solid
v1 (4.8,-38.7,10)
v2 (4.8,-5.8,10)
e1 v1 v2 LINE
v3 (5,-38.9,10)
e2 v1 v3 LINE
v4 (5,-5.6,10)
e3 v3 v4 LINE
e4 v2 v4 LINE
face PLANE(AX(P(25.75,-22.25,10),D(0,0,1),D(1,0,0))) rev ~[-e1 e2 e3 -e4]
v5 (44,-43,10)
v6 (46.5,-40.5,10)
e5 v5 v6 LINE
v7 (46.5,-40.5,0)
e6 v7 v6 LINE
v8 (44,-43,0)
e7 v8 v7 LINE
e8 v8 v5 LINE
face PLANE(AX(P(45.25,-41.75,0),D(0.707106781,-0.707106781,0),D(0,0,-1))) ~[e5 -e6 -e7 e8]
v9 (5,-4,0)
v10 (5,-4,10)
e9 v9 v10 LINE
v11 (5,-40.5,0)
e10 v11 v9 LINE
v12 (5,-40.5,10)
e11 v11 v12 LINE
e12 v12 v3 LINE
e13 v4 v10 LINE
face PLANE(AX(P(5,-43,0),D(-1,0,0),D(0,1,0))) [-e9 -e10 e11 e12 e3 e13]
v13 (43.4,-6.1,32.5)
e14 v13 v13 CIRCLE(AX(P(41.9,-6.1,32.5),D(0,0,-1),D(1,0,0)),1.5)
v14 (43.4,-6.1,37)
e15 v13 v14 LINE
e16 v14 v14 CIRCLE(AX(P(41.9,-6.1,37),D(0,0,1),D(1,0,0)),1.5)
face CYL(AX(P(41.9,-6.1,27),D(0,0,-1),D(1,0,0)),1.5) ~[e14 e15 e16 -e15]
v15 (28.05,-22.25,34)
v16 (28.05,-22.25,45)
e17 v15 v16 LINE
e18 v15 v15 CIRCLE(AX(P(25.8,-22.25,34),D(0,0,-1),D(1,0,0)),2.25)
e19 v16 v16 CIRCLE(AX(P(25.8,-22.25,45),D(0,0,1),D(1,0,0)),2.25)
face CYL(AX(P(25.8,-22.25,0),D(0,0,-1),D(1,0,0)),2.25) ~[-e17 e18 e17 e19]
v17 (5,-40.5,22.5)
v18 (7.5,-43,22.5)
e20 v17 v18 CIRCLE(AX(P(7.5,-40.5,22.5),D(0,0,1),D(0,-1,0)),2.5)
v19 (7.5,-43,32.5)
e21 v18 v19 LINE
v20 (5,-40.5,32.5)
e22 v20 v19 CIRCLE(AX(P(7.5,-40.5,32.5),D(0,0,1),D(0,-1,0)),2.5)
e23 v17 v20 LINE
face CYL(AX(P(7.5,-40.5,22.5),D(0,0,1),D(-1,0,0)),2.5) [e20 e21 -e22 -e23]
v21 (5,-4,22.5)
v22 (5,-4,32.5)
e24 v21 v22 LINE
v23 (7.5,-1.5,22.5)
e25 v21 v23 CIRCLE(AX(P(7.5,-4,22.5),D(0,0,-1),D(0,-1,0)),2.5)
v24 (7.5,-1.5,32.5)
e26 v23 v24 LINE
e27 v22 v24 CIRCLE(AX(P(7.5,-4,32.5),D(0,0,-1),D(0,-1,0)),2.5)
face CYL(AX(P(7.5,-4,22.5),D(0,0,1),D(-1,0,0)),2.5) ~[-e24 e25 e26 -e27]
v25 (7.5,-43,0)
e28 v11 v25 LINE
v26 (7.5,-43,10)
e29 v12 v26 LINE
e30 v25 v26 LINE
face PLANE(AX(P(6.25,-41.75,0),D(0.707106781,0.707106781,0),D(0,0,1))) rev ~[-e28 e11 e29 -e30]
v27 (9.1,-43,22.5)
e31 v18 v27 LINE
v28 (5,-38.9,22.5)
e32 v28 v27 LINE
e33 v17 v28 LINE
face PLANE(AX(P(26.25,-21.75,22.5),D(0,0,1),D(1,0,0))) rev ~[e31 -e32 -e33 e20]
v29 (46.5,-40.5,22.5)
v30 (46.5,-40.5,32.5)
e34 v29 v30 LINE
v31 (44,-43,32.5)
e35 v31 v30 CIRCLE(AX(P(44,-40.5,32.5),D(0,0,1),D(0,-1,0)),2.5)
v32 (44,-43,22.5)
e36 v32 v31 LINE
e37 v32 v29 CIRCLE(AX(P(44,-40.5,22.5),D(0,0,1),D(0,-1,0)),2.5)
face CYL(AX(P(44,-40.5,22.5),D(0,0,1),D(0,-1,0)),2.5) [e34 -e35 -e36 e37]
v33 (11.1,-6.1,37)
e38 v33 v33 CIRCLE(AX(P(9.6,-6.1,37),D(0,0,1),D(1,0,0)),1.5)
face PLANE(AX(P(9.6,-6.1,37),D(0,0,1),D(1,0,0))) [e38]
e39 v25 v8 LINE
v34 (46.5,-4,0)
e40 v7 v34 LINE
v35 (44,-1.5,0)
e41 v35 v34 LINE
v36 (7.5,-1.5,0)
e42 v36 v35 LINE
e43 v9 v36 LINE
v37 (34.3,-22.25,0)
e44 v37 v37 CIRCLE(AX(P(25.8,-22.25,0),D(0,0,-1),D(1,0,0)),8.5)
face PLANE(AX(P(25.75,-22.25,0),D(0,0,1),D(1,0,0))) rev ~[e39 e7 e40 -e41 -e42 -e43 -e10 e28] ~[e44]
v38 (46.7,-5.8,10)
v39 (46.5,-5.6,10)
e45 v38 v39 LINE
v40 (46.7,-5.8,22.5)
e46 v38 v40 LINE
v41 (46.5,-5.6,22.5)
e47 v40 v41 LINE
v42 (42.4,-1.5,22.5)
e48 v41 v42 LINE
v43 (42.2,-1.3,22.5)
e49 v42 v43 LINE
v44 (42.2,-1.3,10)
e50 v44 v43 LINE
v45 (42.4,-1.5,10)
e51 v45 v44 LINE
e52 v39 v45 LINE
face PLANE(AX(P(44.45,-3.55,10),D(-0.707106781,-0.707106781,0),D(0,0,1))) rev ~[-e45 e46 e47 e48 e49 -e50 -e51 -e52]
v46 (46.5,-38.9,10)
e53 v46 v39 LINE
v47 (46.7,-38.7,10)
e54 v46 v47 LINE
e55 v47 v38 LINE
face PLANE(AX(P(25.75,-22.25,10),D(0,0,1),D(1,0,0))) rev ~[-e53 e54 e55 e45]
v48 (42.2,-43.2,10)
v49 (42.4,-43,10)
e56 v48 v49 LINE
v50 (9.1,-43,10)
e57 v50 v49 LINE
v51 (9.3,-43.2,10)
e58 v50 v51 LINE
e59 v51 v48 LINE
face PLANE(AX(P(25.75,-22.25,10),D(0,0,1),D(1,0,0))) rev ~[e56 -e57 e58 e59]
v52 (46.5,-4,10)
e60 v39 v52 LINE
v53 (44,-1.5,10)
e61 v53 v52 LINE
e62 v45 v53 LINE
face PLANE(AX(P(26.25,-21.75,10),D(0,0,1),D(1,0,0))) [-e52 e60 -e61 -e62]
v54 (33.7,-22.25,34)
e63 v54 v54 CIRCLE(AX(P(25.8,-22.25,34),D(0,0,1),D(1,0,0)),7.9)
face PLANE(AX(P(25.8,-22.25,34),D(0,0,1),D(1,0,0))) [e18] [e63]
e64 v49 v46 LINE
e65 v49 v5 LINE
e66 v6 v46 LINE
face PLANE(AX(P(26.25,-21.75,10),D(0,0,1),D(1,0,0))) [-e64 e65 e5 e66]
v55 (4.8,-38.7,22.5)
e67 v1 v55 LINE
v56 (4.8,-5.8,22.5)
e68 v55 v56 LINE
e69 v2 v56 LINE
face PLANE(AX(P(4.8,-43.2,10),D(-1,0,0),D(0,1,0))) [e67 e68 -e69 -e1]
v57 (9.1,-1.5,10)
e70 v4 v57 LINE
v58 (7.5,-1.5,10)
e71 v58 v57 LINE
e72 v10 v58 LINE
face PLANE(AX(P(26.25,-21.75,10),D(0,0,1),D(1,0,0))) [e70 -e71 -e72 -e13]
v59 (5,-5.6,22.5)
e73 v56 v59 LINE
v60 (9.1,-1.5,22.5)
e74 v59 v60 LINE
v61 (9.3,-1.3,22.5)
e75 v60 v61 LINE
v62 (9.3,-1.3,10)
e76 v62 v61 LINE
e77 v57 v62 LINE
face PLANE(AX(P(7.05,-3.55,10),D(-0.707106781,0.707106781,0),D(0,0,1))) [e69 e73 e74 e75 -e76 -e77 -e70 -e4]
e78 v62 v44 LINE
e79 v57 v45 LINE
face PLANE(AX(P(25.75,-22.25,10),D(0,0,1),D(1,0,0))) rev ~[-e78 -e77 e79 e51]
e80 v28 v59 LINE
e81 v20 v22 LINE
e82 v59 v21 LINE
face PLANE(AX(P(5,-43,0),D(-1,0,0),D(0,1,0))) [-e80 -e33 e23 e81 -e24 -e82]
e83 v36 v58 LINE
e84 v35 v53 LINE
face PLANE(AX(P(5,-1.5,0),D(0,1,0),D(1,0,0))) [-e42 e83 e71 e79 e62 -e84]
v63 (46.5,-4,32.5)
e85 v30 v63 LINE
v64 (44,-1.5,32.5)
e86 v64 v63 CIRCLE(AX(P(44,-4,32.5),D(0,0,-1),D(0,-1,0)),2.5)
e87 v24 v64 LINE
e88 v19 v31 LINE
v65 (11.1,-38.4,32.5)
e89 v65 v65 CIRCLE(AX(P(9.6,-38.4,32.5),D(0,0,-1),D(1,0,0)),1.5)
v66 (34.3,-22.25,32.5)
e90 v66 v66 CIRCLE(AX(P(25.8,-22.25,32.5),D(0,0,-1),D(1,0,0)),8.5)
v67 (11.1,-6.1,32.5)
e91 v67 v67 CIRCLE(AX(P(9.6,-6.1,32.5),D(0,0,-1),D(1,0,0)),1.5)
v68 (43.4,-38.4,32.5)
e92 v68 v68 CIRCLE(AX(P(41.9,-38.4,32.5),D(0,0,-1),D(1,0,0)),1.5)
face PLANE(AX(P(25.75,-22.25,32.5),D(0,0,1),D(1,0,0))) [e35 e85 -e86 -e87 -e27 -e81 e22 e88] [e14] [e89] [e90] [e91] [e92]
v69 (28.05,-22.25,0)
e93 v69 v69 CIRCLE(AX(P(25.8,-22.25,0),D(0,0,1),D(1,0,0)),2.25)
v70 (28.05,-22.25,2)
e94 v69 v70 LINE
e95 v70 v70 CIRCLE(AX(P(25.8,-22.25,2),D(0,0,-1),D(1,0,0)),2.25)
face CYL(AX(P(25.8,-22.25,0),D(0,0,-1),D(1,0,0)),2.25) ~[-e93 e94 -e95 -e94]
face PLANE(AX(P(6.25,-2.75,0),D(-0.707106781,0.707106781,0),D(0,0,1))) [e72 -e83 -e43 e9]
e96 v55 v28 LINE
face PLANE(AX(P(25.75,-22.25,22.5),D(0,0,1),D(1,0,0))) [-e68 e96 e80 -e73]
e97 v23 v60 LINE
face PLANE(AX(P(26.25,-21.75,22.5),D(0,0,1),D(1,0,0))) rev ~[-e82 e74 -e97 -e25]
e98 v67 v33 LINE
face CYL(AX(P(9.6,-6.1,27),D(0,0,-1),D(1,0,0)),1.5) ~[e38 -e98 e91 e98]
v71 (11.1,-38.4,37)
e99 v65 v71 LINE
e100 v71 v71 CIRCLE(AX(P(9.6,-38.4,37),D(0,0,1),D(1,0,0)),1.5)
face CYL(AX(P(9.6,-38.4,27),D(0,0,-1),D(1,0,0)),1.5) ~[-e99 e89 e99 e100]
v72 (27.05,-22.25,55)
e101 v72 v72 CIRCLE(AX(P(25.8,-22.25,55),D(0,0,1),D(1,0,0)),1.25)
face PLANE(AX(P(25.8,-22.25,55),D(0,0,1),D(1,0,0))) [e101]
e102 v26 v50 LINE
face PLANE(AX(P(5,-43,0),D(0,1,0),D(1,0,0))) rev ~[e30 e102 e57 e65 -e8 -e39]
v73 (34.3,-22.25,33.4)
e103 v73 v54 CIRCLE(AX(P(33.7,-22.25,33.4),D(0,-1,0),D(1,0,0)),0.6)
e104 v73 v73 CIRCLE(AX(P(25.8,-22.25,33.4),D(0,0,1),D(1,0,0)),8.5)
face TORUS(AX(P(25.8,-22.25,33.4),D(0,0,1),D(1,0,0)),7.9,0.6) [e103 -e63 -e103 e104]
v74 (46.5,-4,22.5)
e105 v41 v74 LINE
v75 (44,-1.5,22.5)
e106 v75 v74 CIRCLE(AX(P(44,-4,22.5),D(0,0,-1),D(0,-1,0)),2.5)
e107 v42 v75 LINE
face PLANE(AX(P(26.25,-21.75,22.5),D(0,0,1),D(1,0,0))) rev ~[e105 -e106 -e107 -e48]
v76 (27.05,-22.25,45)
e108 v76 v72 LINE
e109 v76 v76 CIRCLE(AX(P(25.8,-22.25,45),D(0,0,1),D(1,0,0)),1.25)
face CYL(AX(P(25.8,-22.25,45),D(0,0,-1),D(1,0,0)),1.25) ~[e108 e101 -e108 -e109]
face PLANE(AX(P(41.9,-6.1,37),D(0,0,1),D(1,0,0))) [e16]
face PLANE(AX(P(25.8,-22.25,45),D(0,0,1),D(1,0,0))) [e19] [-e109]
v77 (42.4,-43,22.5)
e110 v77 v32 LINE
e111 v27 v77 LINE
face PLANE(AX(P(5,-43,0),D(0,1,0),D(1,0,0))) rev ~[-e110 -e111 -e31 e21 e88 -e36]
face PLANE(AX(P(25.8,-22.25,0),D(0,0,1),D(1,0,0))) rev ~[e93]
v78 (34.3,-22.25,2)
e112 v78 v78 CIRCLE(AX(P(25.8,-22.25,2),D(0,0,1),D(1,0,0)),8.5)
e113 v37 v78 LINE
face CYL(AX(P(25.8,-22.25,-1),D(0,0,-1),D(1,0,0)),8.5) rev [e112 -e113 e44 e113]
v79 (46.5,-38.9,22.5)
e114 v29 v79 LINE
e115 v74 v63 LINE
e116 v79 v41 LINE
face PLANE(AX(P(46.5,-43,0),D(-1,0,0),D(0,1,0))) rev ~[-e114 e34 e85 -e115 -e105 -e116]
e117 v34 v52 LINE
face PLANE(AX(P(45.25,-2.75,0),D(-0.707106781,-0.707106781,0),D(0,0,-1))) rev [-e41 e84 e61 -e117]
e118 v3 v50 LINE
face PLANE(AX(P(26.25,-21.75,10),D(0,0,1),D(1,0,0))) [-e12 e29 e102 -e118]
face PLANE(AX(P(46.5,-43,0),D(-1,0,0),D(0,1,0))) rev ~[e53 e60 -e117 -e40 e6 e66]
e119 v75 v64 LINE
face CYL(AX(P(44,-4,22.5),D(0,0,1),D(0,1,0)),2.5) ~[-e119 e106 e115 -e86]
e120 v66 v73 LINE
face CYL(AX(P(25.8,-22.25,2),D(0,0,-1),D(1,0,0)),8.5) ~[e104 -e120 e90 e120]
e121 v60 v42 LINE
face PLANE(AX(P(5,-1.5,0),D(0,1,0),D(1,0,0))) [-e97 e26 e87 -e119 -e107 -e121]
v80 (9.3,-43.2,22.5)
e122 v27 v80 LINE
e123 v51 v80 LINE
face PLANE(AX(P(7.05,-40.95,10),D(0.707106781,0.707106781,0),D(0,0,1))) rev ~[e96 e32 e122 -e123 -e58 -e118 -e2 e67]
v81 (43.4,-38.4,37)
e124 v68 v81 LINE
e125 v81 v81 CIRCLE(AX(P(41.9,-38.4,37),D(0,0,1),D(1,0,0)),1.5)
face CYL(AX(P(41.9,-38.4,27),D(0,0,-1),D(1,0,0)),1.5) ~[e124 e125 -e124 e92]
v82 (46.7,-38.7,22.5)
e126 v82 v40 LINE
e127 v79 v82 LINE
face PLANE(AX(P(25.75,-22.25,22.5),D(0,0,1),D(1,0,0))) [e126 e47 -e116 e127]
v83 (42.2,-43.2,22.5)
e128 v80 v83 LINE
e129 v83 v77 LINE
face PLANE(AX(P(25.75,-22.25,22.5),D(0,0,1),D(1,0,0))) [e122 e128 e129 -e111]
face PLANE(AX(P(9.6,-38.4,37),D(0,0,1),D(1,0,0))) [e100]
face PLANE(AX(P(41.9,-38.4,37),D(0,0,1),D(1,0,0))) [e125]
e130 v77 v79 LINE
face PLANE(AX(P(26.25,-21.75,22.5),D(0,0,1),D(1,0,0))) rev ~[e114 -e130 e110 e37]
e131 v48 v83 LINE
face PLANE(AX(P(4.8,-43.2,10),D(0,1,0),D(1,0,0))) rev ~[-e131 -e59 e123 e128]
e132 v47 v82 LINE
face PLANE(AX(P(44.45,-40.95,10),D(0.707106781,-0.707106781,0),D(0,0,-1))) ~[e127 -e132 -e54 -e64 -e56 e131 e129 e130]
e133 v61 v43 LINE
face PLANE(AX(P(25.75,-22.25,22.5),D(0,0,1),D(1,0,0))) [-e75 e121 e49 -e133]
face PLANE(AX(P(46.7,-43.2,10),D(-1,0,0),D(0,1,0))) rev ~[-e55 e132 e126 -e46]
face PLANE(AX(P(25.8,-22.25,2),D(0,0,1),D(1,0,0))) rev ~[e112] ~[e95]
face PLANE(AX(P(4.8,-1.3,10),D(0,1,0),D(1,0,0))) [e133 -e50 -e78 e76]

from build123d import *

# Parameters (mm, degrees)
CYLINDER018_R     = 1.5
CYLINDER018_DEPTH = 10
CYLINDER017_R     = 1.5
CYLINDER017_DEPTH = 10
CYLINDER019_R     = 1.5
CYLINDER019_DEPTH = 10
CYLINDER020_R     = 1.5
CYLINDER020_DEPTH = 10
CYLINDER014_R     = 8.5
CYLINDER014_DEPTH = 32
FILLET007_R       = 0.6
CYLINDER015_R     = 8.5
CYLINDER015_DEPTH = 3
BOX012_W          = 44.5
BOX012_H          = 44.5
BOX012_DEPTH      = 12.5
BOX011_W          = 41.5
BOX011_H          = 41.5
BOX011_DEPTH      = 32.5
FILLET006_R       = 2.5
CHAMFER005_SIZE   = 2.5
BOX013_W          = 41.9
BOX013_H          = 41.9
BOX013_DEPTH      = 12.5
CHAMFER006_SIZE   = 4.5
CYLINDER016_R     = 1.25
CYLINDER016_DEPTH = 10
CYLINDER013_R     = 2.25
CYLINDER013_DEPTH = 45


with BuildPart() as tornillo013:
    # Cylinder018 → Cylinder018 (new body)
    with BuildSketch(Plane(origin=(-50.4, -6.1, 27), x_dir=(1, 0, 0), z_dir=(0, 0, 1))):
        Circle(CYLINDER018_R)
    extrude(amount=CYLINDER018_DEPTH)


with BuildPart() as tornillo011:
    # Cylinder017 → Cylinder017 (new body)
    with BuildSketch(Plane(origin=(-18.1, -6.1, 27), x_dir=(1, 0, 0), z_dir=(0, 0, 1))):
        Circle(CYLINDER017_R)
    extrude(amount=CYLINDER017_DEPTH)


with BuildPart() as tornillo014:
    # Cylinder019 → Cylinder019 (new body)
    with BuildSketch(Plane(origin=(-50.4, -38.4, 27), x_dir=(1, 0, 0), z_dir=(0, 0, 1))):
        Circle(CYLINDER019_R)
    extrude(amount=CYLINDER019_DEPTH)


with BuildPart() as tornillo016:
    # Cylinder020 → Cylinder020 (new body)
    with BuildSketch(Plane(origin=(-18.1, -38.4, 27), x_dir=(1, 0, 0), z_dir=(0, 0, 1))):
        Circle(CYLINDER020_R)
    extrude(amount=CYLINDER020_DEPTH)


with BuildPart() as fillet007:
    # Cylinder014 → Cylinder014 (new body)
    with BuildSketch(Plane(origin=(-34.2, -22.25, 2), x_dir=(1, 0, 0), z_dir=(0, 0, 1))):
        Circle(CYLINDER014_R)
    extrude(amount=CYLINDER014_DEPTH)

    # Fillet007
    fillet007_edges = [fillet007.edges().sort_by_distance(p)[0] for p in [
        (-42.7, -22.25, 34),
    ]]
    fillet(fillet007_edges, radius=FILLET007_R)


with BuildPart() as cilindro040:
    # Cylinder015 → Cylinder015 (new body)
    with BuildSketch(Plane(origin=(-34.2, -22.25, -1), x_dir=(1, 0, 0), z_dir=(0, 0, 1))):
        Circle(CYLINDER015_R)
    extrude(amount=CYLINDER015_DEPTH)


with BuildPart() as cubo090:
    # Box012 → Box012 (new body)
    with BuildSketch(Plane(origin=(-56, -44, 10), x_dir=(1, 0, 0), z_dir=(0, 0, 1))):
        with Locations((22.25, 22.25)):
            Rectangle(BOX012_W, BOX012_H)
    extrude(amount=BOX012_DEPTH)


with BuildPart() as chamfer005:
    # Box011 → Box011 (new body)
    with BuildSketch(Plane(origin=(-55, -43, 0), x_dir=(1, 0, 0), z_dir=(0, 0, 1))):
        with Locations((20.75, 20.75)):
            Rectangle(BOX011_W, BOX011_H)
    extrude(amount=BOX011_DEPTH)

    # Cut013: cut Cubo090
    add(cubo090.part, mode=Mode.SUBTRACT)

    # Fillet006
    fillet006_edges = [chamfer005.edges().sort_by_distance(p)[0] for p in [
        (-55, -43, 27.5),
        (-55, -1.5, 27.5),
        (-13.5, -1.5, 27.5),
        (-13.5, -43, 27.5),
    ]]
    fillet(fillet006_edges, radius=FILLET006_R)

    # Chamfer005
    chamfer005_edges = [chamfer005.edges().sort_by_distance(p)[0] for p in [
        (-55, -1.5, 5),
        (-55, -43, 5),
        (-13.5, -1.5, 5),
        (-13.5, -43, 5),
    ]]
    chamfer(chamfer005_edges, length=CHAMFER005_SIZE)


with BuildPart() as cut014:
    # Box013 → Box013 (new body)
    with BuildSketch(Plane(origin=(-55.2, -43.2, 10), x_dir=(1, 0, 0), z_dir=(0, 0, 1))):
        with Locations((20.95, 20.95)):
            Rectangle(BOX013_W, BOX013_H)
    extrude(amount=BOX013_DEPTH)

    # Chamfer006
    chamfer006_edges = [cut014.edges().sort_by_distance(p)[0] for p in [
        (-55.2, -43.2, 16.25),
        (-55.2, -1.3, 16.25),
        (-13.3, -43.2, 16.25),
        (-13.3, -1.3, 16.25),
    ]]
    chamfer(chamfer006_edges, length=CHAMFER006_SIZE)

    # Fusion010: union Chamfer005
    add(chamfer005.part)

    # Cut014: cut Cilindro040
    add(cilindro040.part, mode=Mode.SUBTRACT)


with BuildPart() as cilindro041:
    # Cylinder016 → Cylinder016 (new body)
    with BuildSketch(Plane(origin=(-34.2, -22.25, 45), x_dir=(1, 0, 0), z_dir=(0, 0, 1))):
        Circle(CYLINDER016_R)
    extrude(amount=CYLINDER016_DEPTH)


with BuildPart() as motor_repuesto:
    # Cylinder013 → Cylinder013 (new body)
    with BuildSketch(Plane(origin=(-34.2, -22.25, 0), x_dir=(1, 0, 0), z_dir=(0, 0, 1))):
        Circle(CYLINDER013_R)
    extrude(amount=CYLINDER013_DEPTH)

    # Fusion011: union Fillet007, Cut014, Cilindro041
    add(fillet007.part)
    add(cut014.part)
    add(cilindro041.part)

    # Fusion012: union tornillo013, tornillo011, tornillo014, tornillo016
    add(tornillo013.part)
    add(tornillo011.part)
    add(tornillo014.part)
    add(tornillo016.part)


with BuildPart() as motor_repuesto_1:
    # Fusion012 placement: moved
    add(motor_repuesto.part.moved(Location((60, 0, 0))))


solid = motor_repuesto_1.part
